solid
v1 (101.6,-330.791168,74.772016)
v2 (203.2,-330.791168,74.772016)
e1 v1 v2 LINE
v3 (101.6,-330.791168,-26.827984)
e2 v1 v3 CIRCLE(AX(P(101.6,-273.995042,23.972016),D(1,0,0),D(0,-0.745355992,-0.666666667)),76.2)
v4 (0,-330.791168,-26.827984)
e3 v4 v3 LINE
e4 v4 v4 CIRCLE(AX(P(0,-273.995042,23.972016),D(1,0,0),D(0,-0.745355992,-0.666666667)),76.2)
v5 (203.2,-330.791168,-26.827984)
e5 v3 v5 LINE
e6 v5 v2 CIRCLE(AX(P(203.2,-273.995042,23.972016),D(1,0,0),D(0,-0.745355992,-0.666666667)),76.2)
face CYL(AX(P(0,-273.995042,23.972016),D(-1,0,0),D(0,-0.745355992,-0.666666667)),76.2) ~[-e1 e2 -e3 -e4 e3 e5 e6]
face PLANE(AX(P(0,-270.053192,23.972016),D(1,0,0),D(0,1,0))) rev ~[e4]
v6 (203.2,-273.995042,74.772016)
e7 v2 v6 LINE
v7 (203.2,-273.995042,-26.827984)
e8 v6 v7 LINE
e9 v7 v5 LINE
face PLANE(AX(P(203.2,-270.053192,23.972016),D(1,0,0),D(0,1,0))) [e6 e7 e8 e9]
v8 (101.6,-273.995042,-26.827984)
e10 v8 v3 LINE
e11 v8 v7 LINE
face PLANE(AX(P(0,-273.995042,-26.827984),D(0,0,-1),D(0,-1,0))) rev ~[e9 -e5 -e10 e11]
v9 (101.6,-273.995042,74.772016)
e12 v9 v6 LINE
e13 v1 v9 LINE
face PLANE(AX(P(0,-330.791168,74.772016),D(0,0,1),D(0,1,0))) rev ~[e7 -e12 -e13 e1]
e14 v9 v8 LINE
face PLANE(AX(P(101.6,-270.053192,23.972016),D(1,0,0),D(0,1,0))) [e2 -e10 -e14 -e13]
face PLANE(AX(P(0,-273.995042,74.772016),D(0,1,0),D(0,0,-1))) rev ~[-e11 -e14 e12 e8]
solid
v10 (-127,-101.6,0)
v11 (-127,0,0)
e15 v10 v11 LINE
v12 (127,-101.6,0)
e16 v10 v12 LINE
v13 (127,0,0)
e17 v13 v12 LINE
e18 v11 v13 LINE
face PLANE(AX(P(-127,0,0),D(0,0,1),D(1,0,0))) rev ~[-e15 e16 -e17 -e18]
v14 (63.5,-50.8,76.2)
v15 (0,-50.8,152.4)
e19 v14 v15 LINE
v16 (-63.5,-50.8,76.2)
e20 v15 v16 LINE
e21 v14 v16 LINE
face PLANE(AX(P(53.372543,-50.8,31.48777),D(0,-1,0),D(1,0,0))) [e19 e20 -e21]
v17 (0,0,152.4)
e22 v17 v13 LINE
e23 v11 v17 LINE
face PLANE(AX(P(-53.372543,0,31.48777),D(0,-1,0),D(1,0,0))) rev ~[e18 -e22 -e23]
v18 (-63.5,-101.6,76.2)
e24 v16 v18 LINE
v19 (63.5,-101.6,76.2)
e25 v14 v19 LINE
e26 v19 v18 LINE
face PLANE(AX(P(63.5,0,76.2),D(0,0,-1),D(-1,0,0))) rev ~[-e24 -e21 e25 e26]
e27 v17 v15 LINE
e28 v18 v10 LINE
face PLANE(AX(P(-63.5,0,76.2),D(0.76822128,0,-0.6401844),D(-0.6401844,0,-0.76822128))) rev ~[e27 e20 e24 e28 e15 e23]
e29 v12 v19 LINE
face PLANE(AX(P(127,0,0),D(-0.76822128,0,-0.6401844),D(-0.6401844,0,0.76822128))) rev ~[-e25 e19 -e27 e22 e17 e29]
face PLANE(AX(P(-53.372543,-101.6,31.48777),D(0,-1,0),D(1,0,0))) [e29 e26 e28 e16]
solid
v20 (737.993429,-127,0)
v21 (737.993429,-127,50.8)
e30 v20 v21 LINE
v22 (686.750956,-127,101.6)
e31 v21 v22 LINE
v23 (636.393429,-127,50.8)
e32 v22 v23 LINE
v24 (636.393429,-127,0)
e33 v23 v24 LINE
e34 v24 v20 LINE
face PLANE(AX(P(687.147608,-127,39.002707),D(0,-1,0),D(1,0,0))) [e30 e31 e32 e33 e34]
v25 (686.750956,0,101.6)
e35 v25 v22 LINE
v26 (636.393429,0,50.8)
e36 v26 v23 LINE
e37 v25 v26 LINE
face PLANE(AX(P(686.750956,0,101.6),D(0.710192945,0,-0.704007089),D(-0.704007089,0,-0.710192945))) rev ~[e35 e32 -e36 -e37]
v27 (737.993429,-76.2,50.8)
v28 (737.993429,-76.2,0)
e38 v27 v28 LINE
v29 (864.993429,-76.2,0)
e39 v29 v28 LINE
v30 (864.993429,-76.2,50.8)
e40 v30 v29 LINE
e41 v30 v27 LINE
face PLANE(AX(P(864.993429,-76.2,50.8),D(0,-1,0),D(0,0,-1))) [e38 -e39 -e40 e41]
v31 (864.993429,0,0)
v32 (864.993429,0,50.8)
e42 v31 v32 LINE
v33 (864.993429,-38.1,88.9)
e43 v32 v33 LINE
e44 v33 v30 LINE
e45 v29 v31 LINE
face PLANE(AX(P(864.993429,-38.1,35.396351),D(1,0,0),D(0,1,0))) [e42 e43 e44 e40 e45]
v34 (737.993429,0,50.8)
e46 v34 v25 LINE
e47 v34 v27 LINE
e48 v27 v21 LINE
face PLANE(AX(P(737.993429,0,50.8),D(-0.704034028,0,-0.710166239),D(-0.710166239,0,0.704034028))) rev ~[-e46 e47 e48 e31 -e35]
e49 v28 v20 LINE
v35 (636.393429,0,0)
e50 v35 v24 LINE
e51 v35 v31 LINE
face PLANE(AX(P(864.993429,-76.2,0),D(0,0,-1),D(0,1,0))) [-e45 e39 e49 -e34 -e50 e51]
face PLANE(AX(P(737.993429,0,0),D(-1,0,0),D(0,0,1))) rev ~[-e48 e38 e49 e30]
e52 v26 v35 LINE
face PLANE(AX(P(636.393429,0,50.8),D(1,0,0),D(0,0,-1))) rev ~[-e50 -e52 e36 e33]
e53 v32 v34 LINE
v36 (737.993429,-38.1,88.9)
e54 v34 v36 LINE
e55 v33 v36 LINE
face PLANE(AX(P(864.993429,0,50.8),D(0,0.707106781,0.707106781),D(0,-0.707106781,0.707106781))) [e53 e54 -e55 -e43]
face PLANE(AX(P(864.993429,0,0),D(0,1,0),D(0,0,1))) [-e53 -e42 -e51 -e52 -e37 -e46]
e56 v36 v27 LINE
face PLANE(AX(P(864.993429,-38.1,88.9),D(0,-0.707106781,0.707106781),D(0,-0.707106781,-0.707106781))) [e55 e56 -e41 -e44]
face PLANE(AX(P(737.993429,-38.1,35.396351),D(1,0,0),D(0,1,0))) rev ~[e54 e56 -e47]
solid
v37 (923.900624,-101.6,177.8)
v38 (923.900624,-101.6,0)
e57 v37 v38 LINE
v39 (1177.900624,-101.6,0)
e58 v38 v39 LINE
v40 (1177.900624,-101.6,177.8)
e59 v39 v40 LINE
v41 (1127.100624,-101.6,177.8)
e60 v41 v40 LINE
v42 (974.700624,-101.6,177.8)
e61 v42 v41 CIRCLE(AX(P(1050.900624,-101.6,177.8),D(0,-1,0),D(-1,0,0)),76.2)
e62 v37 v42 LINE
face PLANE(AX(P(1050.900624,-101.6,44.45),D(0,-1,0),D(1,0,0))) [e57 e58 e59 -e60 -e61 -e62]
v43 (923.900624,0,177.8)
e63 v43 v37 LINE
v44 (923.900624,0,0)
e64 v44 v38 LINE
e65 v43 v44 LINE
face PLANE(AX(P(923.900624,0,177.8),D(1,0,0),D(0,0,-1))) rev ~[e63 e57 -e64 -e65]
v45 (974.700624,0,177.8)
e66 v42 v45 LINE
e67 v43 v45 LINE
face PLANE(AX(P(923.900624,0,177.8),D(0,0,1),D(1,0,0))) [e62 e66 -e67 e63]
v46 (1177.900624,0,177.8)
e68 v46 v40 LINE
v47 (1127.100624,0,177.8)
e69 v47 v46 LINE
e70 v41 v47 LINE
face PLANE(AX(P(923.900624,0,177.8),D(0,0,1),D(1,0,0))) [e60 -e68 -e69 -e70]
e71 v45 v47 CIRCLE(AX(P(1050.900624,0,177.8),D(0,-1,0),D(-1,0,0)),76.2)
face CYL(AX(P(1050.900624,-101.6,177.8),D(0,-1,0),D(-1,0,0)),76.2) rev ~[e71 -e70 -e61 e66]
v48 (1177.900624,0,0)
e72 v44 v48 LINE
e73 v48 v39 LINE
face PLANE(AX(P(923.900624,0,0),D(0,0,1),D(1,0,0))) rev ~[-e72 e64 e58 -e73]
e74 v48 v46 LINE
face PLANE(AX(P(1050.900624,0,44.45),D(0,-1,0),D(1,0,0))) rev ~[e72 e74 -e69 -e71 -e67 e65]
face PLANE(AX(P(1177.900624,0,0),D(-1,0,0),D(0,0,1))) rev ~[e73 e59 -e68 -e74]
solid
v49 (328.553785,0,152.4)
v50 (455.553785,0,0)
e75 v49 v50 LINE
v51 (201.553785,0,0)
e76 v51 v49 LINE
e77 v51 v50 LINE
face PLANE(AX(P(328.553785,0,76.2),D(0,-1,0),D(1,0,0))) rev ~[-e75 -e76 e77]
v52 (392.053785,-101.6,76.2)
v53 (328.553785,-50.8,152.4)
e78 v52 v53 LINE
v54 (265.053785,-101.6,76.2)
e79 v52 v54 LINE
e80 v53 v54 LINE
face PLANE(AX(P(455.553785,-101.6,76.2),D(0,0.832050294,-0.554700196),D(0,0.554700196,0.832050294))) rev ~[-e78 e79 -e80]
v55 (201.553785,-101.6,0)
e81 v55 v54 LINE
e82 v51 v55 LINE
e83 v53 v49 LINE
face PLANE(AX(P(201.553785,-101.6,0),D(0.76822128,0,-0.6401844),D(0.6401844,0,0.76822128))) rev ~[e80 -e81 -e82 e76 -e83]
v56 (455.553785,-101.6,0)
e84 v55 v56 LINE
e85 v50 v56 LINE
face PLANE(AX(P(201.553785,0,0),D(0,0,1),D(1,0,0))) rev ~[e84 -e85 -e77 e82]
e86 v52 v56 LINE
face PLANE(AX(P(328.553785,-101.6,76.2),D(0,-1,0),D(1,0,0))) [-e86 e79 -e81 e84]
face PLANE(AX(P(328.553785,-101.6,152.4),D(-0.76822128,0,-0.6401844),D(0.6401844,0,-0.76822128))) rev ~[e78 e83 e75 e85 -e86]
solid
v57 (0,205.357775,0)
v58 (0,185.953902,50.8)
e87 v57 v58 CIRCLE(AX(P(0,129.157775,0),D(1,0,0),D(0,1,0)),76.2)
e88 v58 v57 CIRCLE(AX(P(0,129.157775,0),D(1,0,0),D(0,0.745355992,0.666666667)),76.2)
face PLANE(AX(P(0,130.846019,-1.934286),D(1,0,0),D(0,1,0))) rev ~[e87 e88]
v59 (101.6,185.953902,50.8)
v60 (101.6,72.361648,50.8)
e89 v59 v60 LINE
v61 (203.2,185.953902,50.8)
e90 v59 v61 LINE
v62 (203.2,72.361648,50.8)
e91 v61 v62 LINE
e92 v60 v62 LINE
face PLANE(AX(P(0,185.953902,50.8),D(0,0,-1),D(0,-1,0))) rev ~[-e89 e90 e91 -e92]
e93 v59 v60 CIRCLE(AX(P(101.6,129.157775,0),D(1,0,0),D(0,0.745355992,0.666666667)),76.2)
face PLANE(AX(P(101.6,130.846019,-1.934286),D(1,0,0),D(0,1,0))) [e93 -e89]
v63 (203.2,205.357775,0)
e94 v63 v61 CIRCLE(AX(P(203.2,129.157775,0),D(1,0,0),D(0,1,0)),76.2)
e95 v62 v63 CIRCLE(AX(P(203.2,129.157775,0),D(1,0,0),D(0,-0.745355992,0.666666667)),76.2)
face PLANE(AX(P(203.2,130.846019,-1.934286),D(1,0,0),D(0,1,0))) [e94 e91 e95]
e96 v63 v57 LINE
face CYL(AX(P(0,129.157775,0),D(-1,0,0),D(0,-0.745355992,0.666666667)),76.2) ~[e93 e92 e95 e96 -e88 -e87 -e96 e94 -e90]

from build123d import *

# Parameters (mm, degrees)
F1_DEPTH  = 101.6
F2_DEPTH  = 50.8
F3_W      = 254
F3_H      = 152.4
F4_DEPTH  = 101.6
F7_DEPTH  = 254
F8_DEPTH  = 101.6
F9_DEPTH  = 101.6
F11_DEPTH = 127
F14_DEPTH = 127
F16_DEPTH = 203.2
F17_DEPTH = 101.6
F19_DEPTH = 203.2
F20_DEPTH = 101.6
F21_W     = 254
F21_H     = 88.9
F22_DEPTH = 101.6
F24_DEPTH = 101.6


with BuildPart() as f1:
    # F0 (on Front) → F1 (new body)
    with BuildSketch(Plane.XZ):
        Polygon((-127, 0), (0, 0), (0, 76.2), (-63.5, 76.2), align=None)
        Polygon((0, 76.2), (0, 0), (127, 0), (63.5, 76.2), align=None)
    extrude(amount=F1_DEPTH)

    # F0 (on Front) → F2 (join)
    with BuildSketch(Plane.XZ):
        Polygon((0, 76.2), (0, 0), (127, 0), (63.5, 76.2), align=None)
        Polygon((-127, 0), (0, 0), (0, 76.2), (-63.5, 76.2), align=None)
        Polygon((-63.5, 76.2), (0, 76.2), (0, 152.4), align=None)
        Polygon((0, 152.4), (0, 76.2), (63.5, 76.2), align=None)
    extrude(amount=F2_DEPTH)


with BuildPart() as f4:
    # F3 (on Front) → F4 (new body)
    with BuildSketch(Plane.XZ):
        with Locations((328.5537848152, 76.2)):
            Rectangle(F3_W, F3_H)
    extrude(amount=F4_DEPTH)

    # F5 (on face) → F7 (cut)
    with BuildSketch(Plane.YZ.offset(455.5537848152)):
        Polygon((-101.6, 76.2), (-50.8, 152.4), (-101.6, 152.4), align=None)
    extrude(amount=-F7_DEPTH, mode=Mode.SUBTRACT)

    # F6 (on face) → F8 (cut)
    with BuildSketch(Plane.XZ.offset(101.6)):
        Polygon((201.5537848152, 0), (328.5537848152, 152.4), (201.5537848152, 152.4), align=None)
    extrude(amount=-F8_DEPTH, mode=Mode.SUBTRACT)

    # F6 (on face) → F9 (cut)
    with BuildSketch(Plane.XZ.offset(101.6)):
        Polygon((455.5537848152, 152.4), (328.5537848152, 152.4), (455.5537848152, 0), align=None)
    extrude(amount=-F9_DEPTH, mode=Mode.SUBTRACT)


with BuildPart() as f11:
    # F10 (on Front) → F11 (new body)
    with BuildSketch(Plane.XZ):
        Polygon((636.3934290931, 50.8), (636.3934290931, 0), (737.9934290931, 0), (737.9934290931, 50.8), (686.7509557304, 101.6), align=None)
    extrude(amount=F11_DEPTH)

    # F13 (on offset) → F14 (join)
    with BuildSketch(Plane.YZ.offset(864.9934290931)):
        Polygon((-76.2, 0), (0, 0), (0, 50.8), (-38.1, 88.9), (-76.2, 50.8), align=None)
    extrude(amount=-F14_DEPTH)


with BuildPart() as f16:
    # F15 (on Right) → F16 (new body)
    with BuildSketch(Plane.YZ):
        with BuildLine():
            ThreePointArc((72.3616482845, 50.8), (101.9679316723, -71.183933753), (205.357774913, 0))
            ThreePointArc((205.357774913, 0), (200.3417086659, 27.1898432407), (185.9539015415, 50.8))
            Line((185.9539015415, 50.8), (129.157774913, 50.8))
            Line((129.157774913, 50.8), (72.3616482845, 50.8))
        make_face()
    extrude(amount=F16_DEPTH)

    # F15 (on Right) → F17 (join)
    with BuildSketch(Plane.YZ):
        with BuildLine():
            ThreePointArc((72.3616482845, 50.8), (101.9679316723, -71.183933753), (205.357774913, 0))
            ThreePointArc((205.357774913, 0), (200.3417086659, 27.1898432407), (185.9539015415, 50.8))
            Line((185.9539015415, 50.8), (129.157774913, 50.8))
            Line((129.157774913, 50.8), (72.3616482845, 50.8))
        make_face()
        with BuildLine():
            Line((129.157774913, 50.8), (185.9539015415, 50.8))
            ThreePointArc((185.9539015415, 50.8), (129.157774913, 76.2), (72.3616482845, 50.8))
            Line((72.3616482845, 50.8), (129.157774913, 50.8))
        make_face()
    extrude(amount=F17_DEPTH)


with BuildPart() as f19:
    # F18 (on Right) → F19 (new body)
    with BuildSketch(Plane.YZ):
        with BuildLine():
            ThreePointArc((-330.7911684757, -26.8279835582), (-246.8051986065, -47.2119173111), (-197.7950418472, 23.9720164418))
            ThreePointArc((-197.7950418472, 23.9720164418), (-246.8051986065, 95.1559501948), (-330.7911684757, 74.7720164418))
            Line((-330.7911684757, 74.7720164418), (-273.9950418472, 74.7720164418))
            Line((-273.9950418472, 74.7720164418), (-273.9950418472, 23.9720164418))
            Line((-273.9950418472, 23.9720164418), (-273.9950418472, -26.8279835582))
            Line((-273.9950418472, -26.8279835582), (-330.7911684757, -26.8279835582))
        make_face()
    extrude(amount=F19_DEPTH)

    # F18 (on Right) → F20 (join)
    with BuildSketch(Plane.YZ):
        with BuildLine():
            ThreePointArc((-330.7911684757, -26.8279835582), (-246.8051986065, -47.2119173111), (-197.7950418472, 23.9720164418))
            ThreePointArc((-197.7950418472, 23.9720164418), (-246.8051986065, 95.1559501948), (-330.7911684757, 74.7720164418))
            Line((-330.7911684757, 74.7720164418), (-273.9950418472, 74.7720164418))
            Line((-273.9950418472, 74.7720164418), (-273.9950418472, 23.9720164418))
            Line((-273.9950418472, 23.9720164418), (-273.9950418472, -26.8279835582))
            Line((-273.9950418472, -26.8279835582), (-330.7911684757, -26.8279835582))
        make_face()
        with BuildLine():
            Line((-273.9950418472, 74.7720164418), (-330.7911684757, 74.7720164418))
            ThreePointArc((-330.7911684757, 74.7720164418), (-350.1950418472, 23.9720164418), (-330.7911684757, -26.8279835582))
            Line((-330.7911684757, -26.8279835582), (-273.9950418472, -26.8279835582))
            Line((-273.9950418472, -26.8279835582), (-273.9950418472, 23.9720164418))
            Line((-273.9950418472, 23.9720164418), (-273.9950418472, 74.7720164418))
        make_face()
    extrude(amount=F20_DEPTH)


with BuildPart() as f22:
    # F21 (on Front) → F22 (new body)
    with BuildSketch(Plane.XZ):
        with Locations((1050.9006237632, 44.45)):
            Rectangle(F21_W, F21_H)
        with Locations((1050.9006237632, 133.35)):
            Rectangle(F21_W, F21_H)
    extrude(amount=F22_DEPTH)

    # F23 (on face) → F24 (cut)
    with BuildSketch(Plane.XZ.offset(101.6)):
        with BuildLine():
            ThreePointArc((974.7006237632, 177.8), (1050.9006237632, 101.6), (1127.1006237632, 177.8))
            Line((1127.1006237632, 177.8), (974.7006237632, 177.8))
        make_face()
    extrude(amount=-F24_DEPTH, mode=Mode.SUBTRACT)


solid = Compound([f1.part, f4.part, f11.part, f16.part, f19.part, f22.part])
